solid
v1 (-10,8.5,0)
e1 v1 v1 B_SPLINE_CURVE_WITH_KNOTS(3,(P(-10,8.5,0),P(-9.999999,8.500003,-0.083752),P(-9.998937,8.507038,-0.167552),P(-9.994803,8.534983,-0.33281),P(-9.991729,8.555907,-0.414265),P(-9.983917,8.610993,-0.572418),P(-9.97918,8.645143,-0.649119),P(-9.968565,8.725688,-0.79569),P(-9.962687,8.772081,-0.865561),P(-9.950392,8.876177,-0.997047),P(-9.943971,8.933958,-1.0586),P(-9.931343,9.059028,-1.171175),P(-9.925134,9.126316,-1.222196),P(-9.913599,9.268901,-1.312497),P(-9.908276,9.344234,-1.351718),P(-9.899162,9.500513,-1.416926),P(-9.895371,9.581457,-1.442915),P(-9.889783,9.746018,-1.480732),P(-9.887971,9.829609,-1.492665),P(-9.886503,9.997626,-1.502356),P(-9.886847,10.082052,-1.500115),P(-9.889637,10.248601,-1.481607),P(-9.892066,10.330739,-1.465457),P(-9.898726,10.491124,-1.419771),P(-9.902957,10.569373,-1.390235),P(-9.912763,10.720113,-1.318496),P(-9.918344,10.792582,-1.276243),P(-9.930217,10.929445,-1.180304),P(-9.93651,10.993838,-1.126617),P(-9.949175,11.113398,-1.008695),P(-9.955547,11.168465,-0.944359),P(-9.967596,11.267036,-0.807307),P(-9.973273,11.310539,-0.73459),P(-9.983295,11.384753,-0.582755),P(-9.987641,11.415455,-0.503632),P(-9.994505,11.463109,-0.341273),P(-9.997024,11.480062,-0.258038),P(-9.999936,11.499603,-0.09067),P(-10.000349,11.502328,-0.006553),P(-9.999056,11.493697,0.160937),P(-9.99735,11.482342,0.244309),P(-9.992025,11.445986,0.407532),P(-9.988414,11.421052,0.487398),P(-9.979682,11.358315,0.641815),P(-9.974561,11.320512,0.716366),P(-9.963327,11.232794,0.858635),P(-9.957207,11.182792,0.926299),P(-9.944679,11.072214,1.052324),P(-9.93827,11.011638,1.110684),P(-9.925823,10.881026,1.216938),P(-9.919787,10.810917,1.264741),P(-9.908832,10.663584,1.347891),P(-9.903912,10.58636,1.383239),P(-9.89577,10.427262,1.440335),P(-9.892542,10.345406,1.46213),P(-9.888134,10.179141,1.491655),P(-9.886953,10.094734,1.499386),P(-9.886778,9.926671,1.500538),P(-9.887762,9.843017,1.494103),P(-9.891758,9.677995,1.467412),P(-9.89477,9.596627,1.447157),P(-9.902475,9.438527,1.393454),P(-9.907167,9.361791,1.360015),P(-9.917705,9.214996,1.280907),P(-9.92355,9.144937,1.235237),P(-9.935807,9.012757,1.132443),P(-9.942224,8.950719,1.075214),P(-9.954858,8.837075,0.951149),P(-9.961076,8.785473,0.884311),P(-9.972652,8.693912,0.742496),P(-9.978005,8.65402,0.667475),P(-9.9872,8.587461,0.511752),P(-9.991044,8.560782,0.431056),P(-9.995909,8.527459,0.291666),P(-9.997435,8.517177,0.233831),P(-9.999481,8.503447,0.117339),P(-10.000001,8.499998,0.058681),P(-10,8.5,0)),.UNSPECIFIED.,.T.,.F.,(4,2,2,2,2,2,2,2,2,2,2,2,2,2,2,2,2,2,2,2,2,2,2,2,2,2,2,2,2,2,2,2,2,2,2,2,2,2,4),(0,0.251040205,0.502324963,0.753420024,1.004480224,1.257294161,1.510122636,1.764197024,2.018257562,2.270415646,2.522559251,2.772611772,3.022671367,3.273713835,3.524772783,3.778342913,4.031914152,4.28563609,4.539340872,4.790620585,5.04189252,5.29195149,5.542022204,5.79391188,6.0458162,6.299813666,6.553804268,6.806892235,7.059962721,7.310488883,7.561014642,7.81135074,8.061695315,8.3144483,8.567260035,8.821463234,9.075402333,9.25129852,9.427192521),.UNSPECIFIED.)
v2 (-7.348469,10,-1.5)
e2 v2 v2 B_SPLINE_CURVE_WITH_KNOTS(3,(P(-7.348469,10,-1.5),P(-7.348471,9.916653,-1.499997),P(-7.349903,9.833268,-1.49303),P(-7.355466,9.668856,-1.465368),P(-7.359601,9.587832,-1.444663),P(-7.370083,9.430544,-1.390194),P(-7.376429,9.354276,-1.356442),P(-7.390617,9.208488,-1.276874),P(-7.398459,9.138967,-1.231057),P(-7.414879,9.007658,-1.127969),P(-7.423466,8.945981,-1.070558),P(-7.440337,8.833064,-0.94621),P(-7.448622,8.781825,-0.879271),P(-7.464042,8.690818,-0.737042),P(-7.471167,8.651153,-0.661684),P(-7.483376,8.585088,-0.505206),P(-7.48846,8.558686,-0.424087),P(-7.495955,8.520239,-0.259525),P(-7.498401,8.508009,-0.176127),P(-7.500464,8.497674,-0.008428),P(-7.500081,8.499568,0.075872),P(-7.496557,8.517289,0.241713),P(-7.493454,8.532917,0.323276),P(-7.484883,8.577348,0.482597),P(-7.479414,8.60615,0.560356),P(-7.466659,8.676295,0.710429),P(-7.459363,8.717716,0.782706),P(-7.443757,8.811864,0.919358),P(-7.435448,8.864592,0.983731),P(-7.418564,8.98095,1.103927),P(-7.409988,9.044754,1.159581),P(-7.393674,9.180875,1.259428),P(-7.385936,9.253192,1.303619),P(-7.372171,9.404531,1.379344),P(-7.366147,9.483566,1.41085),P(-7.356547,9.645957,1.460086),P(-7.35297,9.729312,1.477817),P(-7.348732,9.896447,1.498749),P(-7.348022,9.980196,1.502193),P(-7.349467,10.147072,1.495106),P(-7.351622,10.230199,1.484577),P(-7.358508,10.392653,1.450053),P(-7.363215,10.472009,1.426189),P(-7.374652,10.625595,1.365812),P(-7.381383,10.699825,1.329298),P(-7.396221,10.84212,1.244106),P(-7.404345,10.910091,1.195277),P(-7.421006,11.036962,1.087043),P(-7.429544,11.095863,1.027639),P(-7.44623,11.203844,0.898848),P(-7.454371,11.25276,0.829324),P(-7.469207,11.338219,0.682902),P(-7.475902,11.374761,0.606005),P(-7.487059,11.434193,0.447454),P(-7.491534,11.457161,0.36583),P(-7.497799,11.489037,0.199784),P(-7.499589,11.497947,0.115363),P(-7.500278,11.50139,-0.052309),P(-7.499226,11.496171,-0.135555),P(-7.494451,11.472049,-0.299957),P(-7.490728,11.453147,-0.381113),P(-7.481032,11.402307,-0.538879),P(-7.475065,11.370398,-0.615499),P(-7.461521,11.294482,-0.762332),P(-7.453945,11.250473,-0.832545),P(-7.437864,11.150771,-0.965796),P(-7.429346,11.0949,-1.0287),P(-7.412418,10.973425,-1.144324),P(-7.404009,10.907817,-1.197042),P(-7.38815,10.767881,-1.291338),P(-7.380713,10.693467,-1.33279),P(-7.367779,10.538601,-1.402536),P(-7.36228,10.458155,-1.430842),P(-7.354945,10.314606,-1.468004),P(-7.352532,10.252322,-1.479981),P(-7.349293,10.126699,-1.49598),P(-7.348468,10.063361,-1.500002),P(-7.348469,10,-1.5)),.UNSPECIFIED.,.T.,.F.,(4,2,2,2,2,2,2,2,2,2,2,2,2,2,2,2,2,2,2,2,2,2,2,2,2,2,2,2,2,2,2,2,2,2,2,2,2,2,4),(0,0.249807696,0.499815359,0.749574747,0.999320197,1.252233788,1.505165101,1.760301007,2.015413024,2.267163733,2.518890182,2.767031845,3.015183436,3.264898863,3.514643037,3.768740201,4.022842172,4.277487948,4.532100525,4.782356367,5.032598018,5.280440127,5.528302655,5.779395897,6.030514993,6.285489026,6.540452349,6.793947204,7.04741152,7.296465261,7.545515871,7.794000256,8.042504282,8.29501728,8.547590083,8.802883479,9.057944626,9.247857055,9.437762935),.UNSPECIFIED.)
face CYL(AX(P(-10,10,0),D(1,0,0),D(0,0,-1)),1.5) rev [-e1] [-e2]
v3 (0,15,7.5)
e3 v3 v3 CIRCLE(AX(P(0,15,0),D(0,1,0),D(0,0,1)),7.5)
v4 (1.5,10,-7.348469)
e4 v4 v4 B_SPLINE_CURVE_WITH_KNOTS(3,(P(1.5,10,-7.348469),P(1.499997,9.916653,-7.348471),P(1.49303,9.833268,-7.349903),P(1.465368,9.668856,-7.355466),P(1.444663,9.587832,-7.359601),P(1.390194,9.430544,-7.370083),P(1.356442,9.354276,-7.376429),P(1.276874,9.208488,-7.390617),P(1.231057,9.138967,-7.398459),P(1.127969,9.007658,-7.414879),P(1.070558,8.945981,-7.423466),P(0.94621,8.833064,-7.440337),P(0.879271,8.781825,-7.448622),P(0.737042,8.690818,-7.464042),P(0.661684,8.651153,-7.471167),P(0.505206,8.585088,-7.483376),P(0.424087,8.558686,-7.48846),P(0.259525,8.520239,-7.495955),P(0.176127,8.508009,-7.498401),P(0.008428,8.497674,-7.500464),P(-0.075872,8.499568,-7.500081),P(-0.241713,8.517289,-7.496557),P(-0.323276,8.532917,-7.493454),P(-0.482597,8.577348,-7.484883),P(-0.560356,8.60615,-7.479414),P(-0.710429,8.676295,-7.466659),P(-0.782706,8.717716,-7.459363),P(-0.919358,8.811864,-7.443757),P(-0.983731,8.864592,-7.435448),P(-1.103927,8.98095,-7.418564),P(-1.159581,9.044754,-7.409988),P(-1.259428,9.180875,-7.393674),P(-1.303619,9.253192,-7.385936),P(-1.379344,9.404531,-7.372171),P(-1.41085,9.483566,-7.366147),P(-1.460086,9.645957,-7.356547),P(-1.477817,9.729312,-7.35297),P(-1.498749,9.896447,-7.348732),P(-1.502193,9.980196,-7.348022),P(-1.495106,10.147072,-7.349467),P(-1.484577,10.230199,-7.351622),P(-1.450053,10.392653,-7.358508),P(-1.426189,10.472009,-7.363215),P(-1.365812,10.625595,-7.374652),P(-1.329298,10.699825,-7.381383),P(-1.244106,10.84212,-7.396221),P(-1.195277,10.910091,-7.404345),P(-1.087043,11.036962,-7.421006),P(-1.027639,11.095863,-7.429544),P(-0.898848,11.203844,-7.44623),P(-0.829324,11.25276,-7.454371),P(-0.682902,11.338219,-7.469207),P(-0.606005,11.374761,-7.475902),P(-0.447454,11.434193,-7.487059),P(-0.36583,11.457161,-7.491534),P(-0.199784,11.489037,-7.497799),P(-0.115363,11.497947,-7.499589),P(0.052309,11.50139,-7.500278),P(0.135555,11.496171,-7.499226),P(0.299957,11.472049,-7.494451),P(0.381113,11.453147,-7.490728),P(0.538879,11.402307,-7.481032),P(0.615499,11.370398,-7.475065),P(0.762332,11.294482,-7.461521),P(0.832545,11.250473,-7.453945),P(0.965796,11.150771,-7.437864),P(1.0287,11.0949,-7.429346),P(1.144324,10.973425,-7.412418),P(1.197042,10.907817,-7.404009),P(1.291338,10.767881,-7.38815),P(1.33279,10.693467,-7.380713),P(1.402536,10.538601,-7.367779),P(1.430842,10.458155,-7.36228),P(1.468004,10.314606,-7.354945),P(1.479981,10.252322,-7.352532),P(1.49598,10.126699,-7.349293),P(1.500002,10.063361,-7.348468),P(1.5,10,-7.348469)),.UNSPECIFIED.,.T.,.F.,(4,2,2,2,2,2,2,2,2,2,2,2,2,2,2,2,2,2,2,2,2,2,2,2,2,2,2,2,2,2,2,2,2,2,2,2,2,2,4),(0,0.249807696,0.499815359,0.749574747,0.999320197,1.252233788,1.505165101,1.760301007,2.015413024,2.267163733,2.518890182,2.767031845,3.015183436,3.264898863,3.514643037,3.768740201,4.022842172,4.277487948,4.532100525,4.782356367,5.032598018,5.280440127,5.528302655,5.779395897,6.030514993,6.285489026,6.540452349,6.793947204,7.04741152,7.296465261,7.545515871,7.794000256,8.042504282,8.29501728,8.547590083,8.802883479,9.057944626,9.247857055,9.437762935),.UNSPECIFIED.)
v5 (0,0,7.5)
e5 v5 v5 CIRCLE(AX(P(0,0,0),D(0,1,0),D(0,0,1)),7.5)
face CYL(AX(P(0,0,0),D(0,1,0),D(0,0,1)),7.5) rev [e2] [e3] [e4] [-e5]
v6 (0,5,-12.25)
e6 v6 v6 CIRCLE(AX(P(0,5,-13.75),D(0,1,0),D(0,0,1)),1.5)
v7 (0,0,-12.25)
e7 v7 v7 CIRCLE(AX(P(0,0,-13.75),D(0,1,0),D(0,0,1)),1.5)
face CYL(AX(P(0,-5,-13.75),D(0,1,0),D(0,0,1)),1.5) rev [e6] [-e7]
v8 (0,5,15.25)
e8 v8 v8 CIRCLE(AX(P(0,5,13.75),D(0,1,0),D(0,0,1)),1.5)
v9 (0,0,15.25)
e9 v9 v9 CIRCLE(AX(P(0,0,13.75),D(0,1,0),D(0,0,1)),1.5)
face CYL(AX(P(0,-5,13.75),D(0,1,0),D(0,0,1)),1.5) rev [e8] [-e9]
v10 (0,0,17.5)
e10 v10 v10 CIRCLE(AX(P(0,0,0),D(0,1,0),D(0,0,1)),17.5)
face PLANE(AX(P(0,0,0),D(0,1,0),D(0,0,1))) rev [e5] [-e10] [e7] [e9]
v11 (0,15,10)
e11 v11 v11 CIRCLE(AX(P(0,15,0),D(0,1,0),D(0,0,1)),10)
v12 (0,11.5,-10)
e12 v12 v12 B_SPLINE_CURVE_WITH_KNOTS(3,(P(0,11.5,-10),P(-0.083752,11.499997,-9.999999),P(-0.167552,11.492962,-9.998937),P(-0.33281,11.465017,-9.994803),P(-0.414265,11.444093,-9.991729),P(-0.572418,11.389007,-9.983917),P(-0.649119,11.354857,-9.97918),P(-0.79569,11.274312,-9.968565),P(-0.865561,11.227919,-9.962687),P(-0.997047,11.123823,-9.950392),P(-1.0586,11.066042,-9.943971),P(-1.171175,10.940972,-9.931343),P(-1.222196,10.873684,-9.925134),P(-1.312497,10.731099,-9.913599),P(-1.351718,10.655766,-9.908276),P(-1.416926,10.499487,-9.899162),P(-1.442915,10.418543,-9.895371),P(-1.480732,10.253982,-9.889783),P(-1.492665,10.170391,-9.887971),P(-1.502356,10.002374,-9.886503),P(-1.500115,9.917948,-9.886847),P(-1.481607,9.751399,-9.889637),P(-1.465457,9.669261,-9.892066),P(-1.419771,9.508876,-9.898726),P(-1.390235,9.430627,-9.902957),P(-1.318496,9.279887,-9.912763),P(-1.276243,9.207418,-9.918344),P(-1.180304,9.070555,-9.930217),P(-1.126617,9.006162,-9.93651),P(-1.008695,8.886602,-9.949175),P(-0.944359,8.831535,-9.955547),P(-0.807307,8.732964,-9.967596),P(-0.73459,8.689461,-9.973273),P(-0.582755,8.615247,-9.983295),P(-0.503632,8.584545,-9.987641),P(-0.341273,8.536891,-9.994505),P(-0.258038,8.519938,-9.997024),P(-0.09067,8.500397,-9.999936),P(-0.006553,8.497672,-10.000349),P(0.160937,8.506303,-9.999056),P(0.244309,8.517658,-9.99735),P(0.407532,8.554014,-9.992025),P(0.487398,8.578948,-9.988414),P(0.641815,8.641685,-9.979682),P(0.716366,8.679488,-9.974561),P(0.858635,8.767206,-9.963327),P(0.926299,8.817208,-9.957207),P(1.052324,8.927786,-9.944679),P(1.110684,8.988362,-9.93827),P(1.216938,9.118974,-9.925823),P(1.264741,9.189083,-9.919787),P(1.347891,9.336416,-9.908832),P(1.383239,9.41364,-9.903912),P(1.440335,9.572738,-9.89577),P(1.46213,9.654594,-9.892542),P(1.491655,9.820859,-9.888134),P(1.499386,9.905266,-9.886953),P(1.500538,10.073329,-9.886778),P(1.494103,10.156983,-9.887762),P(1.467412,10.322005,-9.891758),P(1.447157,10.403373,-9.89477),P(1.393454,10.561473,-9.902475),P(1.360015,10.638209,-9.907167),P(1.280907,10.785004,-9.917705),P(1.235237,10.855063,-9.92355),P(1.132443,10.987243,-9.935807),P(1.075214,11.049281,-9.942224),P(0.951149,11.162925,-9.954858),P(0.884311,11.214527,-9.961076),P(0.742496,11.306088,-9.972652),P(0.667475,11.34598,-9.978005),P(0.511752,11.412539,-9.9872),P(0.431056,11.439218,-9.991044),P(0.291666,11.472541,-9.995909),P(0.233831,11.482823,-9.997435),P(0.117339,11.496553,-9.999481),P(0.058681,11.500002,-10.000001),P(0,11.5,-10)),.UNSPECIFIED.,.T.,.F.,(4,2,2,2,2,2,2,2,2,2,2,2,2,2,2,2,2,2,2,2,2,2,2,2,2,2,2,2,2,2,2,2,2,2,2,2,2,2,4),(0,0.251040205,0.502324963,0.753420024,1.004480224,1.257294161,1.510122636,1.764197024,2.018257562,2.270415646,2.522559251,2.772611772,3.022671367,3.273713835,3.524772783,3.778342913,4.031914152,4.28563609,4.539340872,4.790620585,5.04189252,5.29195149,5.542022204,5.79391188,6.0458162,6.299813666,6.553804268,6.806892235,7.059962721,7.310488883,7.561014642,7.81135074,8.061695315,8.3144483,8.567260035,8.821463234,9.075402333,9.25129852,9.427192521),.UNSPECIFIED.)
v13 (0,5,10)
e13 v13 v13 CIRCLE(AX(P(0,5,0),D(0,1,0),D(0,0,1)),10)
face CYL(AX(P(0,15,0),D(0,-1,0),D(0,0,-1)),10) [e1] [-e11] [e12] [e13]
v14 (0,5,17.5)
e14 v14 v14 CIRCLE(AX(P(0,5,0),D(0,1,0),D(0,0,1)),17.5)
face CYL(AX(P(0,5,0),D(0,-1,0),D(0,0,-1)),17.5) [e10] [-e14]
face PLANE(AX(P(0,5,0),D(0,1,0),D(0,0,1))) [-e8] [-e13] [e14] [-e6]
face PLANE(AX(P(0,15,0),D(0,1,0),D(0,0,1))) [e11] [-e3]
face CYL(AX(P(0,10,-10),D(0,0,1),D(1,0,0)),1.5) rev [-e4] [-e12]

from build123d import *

# Parameters (mm, degrees)
ESBO_O1_R                = 17.5
RESSALTO_EXTRUS_O1_DEPTH = 5
ESBO_O2_R                = 10
RESSALTO_EXTRUS_O2_DEPTH = 10
ESBO_O3_R                = 7.5
CORTE_EXTRUS_O1_DEPTH    = 16
ESBO_O4_R                = 1.5
CORTE_EXTRUS_O2_DEPTH    = 10
ESBO_O5_R                = 1.5
CORTE_EXTRUS_O3_DEPTH    = 10
ESBO_O6_R                = 1.5
CORTE_EXTRUS_O4_DEPTH    = 10


with BuildPart() as part:
    # Esboço1 → Ressalto-extrusão1 (new body)
    with BuildSketch(Plane(origin=(0, 0, 0), x_dir=(1, 0, 0), z_dir=(0, 1, 0))):
        Circle(ESBO_O1_R)
    extrude(amount=RESSALTO_EXTRUS_O1_DEPTH)

    # Esboço2 → Ressalto-extrusão2 (add)
    with BuildSketch(Plane(origin=(0, 5, 0), x_dir=(1, 0, 0), z_dir=(0, 1, 0))):
        Circle(ESBO_O2_R)
    extrude(amount=RESSALTO_EXTRUS_O2_DEPTH)

    # Esboço3 → Corte-extrusão1 (cut, through all)
    with BuildSketch(Plane(origin=(0, 15, 0), x_dir=(1, 0, 0), z_dir=(0, 1, 0))):
        Circle(ESBO_O3_R)
    extrude(amount=-CORTE_EXTRUS_O1_DEPTH, mode=Mode.SUBTRACT)

    # Esboço4 → Corte-extrusão2 (cut)
    with BuildSketch(Plane(origin=(0, 5, 0), x_dir=(1, 0, 0), z_dir=(0, 1, 0))):
        with Locations((0, 13.75)):
            Circle(ESBO_O4_R)
        with Locations((0, -13.75)):
            Circle(ESBO_O4_R)
    extrude(amount=-CORTE_EXTRUS_O2_DEPTH, mode=Mode.SUBTRACT)

    # Esboço5 → Corte-extrusão3 (cut)
    with BuildSketch(Plane.XY):
        with Locations((0, 10)):
            Circle(ESBO_O5_R)
    extrude(amount=-CORTE_EXTRUS_O3_DEPTH, mode=Mode.SUBTRACT)

    # Esboço6 → Corte-extrusão4 (cut)
    with BuildSketch(Plane(origin=(0, 0, 0), x_dir=(0, 0, -1), z_dir=(1, 0, 0))):
        with Locations((0, 10)):
            Circle(ESBO_O6_R)
    extrude(amount=-CORTE_EXTRUS_O4_DEPTH, mode=Mode.SUBTRACT)


solid = part.part
